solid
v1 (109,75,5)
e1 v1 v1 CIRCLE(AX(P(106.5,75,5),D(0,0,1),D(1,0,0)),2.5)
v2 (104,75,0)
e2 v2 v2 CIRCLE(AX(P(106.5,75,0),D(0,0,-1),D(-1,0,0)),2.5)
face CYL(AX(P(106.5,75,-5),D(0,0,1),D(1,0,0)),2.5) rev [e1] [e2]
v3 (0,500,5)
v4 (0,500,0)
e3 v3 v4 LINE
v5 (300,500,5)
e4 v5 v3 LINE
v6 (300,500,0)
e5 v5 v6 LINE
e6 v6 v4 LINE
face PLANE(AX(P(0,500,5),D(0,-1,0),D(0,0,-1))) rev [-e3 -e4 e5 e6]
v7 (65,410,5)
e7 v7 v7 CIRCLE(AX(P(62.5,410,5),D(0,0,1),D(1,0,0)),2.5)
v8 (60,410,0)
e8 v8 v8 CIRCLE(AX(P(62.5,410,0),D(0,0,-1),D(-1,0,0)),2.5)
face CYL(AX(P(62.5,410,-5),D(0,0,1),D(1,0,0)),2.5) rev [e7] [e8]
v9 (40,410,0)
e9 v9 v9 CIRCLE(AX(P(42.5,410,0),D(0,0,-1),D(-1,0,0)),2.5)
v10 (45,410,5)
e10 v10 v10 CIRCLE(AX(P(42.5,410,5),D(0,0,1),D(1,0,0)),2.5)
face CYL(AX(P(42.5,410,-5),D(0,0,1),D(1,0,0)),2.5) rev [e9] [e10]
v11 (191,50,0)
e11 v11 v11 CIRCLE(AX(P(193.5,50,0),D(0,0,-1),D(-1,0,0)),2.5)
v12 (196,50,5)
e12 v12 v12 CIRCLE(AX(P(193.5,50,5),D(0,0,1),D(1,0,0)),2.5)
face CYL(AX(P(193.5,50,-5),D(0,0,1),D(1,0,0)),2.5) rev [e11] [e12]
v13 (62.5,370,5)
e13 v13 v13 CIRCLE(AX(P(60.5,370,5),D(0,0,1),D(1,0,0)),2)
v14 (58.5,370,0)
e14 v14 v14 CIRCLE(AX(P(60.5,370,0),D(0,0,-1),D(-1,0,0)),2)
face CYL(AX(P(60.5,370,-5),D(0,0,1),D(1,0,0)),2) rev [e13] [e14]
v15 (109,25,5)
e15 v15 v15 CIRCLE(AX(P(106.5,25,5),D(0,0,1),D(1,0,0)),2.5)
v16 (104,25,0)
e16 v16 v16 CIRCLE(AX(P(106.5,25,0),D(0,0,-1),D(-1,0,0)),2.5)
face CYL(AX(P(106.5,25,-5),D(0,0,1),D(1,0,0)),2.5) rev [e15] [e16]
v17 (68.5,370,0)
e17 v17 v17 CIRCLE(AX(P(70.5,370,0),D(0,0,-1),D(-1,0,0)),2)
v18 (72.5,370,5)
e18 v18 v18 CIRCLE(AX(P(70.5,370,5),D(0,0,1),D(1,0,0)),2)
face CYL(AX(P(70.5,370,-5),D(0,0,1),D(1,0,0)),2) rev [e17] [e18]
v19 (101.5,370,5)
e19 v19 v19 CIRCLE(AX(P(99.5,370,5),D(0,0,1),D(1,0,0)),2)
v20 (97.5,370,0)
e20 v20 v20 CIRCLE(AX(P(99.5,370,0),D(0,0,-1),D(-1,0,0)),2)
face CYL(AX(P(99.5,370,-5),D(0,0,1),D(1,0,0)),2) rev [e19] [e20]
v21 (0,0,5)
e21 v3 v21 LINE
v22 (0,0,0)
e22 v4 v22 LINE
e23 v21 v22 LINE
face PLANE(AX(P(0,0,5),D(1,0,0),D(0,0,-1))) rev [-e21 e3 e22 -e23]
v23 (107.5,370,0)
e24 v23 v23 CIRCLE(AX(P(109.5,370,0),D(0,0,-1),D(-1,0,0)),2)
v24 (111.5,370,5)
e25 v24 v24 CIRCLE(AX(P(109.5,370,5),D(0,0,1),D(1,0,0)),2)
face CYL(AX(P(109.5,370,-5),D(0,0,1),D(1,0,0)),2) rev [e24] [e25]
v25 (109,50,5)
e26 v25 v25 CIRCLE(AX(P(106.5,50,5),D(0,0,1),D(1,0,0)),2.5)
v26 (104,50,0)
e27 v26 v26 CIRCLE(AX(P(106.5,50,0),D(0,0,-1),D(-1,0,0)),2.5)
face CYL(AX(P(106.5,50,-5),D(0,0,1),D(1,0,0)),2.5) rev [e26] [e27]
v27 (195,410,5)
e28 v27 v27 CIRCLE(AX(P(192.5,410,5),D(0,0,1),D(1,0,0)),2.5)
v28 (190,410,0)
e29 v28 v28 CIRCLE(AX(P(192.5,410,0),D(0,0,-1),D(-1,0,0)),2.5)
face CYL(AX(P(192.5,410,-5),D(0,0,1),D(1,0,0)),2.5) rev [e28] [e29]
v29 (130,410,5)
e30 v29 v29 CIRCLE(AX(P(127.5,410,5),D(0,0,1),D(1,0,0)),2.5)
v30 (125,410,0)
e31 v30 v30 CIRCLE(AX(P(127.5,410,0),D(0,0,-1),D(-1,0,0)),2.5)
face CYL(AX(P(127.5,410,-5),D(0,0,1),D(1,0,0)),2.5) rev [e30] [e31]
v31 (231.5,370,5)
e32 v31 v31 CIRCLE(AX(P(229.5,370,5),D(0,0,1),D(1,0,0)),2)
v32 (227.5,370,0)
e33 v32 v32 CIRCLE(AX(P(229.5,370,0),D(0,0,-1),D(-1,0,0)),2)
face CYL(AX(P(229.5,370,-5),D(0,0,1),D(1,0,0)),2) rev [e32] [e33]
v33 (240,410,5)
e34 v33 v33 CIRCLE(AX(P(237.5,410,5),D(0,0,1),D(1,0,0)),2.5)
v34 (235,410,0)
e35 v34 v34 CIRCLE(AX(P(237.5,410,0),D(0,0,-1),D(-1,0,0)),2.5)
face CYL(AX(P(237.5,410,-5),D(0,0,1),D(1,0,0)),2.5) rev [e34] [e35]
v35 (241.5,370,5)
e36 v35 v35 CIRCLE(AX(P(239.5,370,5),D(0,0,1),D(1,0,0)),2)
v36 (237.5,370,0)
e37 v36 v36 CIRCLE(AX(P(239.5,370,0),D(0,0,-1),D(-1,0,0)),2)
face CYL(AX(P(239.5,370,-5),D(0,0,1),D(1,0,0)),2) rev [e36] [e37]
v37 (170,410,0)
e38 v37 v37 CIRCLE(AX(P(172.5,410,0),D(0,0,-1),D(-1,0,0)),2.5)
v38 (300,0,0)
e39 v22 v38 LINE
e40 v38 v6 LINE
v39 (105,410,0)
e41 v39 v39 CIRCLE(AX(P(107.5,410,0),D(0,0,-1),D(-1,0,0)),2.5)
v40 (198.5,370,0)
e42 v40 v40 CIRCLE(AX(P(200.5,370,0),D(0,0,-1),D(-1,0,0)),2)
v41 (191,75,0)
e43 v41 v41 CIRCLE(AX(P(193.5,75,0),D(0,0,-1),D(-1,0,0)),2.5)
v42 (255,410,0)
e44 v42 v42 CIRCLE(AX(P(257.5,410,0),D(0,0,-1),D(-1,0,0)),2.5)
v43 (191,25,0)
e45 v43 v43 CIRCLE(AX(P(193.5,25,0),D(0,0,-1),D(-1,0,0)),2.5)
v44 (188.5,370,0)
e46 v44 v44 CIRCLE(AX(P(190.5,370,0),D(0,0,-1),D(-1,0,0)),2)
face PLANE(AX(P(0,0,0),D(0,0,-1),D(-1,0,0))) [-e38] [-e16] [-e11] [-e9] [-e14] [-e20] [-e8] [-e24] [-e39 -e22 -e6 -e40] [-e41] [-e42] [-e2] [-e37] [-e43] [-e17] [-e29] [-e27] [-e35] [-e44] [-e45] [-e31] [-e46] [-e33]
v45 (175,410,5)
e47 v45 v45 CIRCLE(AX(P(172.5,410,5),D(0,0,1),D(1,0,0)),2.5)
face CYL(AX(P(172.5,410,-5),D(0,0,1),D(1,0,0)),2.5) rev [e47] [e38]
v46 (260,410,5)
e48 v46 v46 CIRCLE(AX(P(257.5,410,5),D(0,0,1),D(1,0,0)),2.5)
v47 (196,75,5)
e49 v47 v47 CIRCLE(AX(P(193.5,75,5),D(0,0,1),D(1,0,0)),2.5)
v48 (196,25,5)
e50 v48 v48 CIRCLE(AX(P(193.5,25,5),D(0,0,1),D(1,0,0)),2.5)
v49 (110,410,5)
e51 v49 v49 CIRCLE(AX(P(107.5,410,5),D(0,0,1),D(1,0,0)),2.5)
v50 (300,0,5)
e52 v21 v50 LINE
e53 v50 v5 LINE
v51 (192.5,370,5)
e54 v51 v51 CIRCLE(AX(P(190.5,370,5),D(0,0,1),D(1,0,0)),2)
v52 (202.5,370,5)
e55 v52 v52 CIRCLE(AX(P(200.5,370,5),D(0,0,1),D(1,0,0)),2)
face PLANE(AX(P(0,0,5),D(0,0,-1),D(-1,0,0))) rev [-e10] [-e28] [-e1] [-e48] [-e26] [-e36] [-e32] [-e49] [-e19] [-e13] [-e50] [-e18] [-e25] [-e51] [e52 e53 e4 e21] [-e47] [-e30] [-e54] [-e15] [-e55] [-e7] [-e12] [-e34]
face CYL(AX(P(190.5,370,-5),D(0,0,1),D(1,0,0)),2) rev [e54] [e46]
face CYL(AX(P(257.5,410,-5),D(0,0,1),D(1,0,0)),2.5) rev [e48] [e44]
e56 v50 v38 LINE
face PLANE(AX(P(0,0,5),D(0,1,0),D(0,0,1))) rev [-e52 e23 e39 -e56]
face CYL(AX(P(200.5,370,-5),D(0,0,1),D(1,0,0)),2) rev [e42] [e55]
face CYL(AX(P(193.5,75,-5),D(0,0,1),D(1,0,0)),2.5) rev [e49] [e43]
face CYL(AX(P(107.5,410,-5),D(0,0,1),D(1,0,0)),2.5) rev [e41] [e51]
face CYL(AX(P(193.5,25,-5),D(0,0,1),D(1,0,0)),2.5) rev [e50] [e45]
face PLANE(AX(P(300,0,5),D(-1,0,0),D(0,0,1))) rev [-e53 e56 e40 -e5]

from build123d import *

# Parameters (mm, degrees)
SKETCH1_W           = 300
SKETCH1_H           = 500
BOSS_EXTRUDE1_DEPTH = 5
SKETCH2_R           = 2.5
SKETCH2_R_2         = 2
CUT_EXTRUDE1_DEPTH  = 10
SKETCH3_R           = 2.5
CUT_EXTRUDE2_DEPTH  = 10


with BuildPart() as part:
    # Sketch1 → Boss-Extrude1 (new body)
    with BuildSketch(Plane.XY):
        with Locations((150, 250)):
            Rectangle(SKETCH1_W, SKETCH1_H)
    extrude(amount=BOSS_EXTRUDE1_DEPTH)

    # Sketch2 → Cut-Extrude1 (cut)
    with BuildSketch(Plane.XY.offset(5)):
        with Locations((42.5, 410)):
            Circle(SKETCH2_R)
        with Locations((62.5, 410)):
            Circle(SKETCH2_R)
        with Locations((107.5, 410)):
            Circle(SKETCH2_R)
        with Locations((127.5, 410)):
            Circle(SKETCH2_R)
        with Locations((172.5, 410)):
            Circle(SKETCH2_R)
        with Locations((192.5, 410)):
            Circle(SKETCH2_R)
        with Locations((237.5, 410)):
            Circle(SKETCH2_R)
        with Locations((70.5, 370)):
            Circle(SKETCH2_R_2)
        with Locations((99.5, 370)):
            Circle(SKETCH2_R_2)
        with Locations((200.5, 370)):
            Circle(SKETCH2_R_2)
        with Locations((257.5, 410)):
            Circle(SKETCH2_R)
        with Locations((229.5, 370)):
            Circle(SKETCH2_R_2)
        with Locations((60.5, 370)):
            Circle(SKETCH2_R_2)
        with Locations((109.5, 370)):
            Circle(SKETCH2_R_2)
        with Locations((190.5, 370)):
            Circle(SKETCH2_R_2)
        with Locations((239.5, 370)):
            Circle(SKETCH2_R_2)
    extrude(amount=-CUT_EXTRUDE1_DEPTH, mode=Mode.SUBTRACT)

    # Sketch3 → Cut-Extrude2 (cut)
    with BuildSketch(Plane.XY.offset(5)):
        with Locations((106.5, 25)):
            Circle(SKETCH3_R)
        with Locations((106.5, 50)):
            Circle(SKETCH3_R)
        with Locations((106.5, 75)):
            Circle(SKETCH3_R)
        with Locations((193.5, 25)):
            Circle(SKETCH3_R)
        with Locations((193.5, 50)):
            Circle(SKETCH3_R)
        with Locations((193.5, 75)):
            Circle(SKETCH3_R)
    extrude(amount=-CUT_EXTRUDE2_DEPTH, mode=Mode.SUBTRACT)


solid = part.part
